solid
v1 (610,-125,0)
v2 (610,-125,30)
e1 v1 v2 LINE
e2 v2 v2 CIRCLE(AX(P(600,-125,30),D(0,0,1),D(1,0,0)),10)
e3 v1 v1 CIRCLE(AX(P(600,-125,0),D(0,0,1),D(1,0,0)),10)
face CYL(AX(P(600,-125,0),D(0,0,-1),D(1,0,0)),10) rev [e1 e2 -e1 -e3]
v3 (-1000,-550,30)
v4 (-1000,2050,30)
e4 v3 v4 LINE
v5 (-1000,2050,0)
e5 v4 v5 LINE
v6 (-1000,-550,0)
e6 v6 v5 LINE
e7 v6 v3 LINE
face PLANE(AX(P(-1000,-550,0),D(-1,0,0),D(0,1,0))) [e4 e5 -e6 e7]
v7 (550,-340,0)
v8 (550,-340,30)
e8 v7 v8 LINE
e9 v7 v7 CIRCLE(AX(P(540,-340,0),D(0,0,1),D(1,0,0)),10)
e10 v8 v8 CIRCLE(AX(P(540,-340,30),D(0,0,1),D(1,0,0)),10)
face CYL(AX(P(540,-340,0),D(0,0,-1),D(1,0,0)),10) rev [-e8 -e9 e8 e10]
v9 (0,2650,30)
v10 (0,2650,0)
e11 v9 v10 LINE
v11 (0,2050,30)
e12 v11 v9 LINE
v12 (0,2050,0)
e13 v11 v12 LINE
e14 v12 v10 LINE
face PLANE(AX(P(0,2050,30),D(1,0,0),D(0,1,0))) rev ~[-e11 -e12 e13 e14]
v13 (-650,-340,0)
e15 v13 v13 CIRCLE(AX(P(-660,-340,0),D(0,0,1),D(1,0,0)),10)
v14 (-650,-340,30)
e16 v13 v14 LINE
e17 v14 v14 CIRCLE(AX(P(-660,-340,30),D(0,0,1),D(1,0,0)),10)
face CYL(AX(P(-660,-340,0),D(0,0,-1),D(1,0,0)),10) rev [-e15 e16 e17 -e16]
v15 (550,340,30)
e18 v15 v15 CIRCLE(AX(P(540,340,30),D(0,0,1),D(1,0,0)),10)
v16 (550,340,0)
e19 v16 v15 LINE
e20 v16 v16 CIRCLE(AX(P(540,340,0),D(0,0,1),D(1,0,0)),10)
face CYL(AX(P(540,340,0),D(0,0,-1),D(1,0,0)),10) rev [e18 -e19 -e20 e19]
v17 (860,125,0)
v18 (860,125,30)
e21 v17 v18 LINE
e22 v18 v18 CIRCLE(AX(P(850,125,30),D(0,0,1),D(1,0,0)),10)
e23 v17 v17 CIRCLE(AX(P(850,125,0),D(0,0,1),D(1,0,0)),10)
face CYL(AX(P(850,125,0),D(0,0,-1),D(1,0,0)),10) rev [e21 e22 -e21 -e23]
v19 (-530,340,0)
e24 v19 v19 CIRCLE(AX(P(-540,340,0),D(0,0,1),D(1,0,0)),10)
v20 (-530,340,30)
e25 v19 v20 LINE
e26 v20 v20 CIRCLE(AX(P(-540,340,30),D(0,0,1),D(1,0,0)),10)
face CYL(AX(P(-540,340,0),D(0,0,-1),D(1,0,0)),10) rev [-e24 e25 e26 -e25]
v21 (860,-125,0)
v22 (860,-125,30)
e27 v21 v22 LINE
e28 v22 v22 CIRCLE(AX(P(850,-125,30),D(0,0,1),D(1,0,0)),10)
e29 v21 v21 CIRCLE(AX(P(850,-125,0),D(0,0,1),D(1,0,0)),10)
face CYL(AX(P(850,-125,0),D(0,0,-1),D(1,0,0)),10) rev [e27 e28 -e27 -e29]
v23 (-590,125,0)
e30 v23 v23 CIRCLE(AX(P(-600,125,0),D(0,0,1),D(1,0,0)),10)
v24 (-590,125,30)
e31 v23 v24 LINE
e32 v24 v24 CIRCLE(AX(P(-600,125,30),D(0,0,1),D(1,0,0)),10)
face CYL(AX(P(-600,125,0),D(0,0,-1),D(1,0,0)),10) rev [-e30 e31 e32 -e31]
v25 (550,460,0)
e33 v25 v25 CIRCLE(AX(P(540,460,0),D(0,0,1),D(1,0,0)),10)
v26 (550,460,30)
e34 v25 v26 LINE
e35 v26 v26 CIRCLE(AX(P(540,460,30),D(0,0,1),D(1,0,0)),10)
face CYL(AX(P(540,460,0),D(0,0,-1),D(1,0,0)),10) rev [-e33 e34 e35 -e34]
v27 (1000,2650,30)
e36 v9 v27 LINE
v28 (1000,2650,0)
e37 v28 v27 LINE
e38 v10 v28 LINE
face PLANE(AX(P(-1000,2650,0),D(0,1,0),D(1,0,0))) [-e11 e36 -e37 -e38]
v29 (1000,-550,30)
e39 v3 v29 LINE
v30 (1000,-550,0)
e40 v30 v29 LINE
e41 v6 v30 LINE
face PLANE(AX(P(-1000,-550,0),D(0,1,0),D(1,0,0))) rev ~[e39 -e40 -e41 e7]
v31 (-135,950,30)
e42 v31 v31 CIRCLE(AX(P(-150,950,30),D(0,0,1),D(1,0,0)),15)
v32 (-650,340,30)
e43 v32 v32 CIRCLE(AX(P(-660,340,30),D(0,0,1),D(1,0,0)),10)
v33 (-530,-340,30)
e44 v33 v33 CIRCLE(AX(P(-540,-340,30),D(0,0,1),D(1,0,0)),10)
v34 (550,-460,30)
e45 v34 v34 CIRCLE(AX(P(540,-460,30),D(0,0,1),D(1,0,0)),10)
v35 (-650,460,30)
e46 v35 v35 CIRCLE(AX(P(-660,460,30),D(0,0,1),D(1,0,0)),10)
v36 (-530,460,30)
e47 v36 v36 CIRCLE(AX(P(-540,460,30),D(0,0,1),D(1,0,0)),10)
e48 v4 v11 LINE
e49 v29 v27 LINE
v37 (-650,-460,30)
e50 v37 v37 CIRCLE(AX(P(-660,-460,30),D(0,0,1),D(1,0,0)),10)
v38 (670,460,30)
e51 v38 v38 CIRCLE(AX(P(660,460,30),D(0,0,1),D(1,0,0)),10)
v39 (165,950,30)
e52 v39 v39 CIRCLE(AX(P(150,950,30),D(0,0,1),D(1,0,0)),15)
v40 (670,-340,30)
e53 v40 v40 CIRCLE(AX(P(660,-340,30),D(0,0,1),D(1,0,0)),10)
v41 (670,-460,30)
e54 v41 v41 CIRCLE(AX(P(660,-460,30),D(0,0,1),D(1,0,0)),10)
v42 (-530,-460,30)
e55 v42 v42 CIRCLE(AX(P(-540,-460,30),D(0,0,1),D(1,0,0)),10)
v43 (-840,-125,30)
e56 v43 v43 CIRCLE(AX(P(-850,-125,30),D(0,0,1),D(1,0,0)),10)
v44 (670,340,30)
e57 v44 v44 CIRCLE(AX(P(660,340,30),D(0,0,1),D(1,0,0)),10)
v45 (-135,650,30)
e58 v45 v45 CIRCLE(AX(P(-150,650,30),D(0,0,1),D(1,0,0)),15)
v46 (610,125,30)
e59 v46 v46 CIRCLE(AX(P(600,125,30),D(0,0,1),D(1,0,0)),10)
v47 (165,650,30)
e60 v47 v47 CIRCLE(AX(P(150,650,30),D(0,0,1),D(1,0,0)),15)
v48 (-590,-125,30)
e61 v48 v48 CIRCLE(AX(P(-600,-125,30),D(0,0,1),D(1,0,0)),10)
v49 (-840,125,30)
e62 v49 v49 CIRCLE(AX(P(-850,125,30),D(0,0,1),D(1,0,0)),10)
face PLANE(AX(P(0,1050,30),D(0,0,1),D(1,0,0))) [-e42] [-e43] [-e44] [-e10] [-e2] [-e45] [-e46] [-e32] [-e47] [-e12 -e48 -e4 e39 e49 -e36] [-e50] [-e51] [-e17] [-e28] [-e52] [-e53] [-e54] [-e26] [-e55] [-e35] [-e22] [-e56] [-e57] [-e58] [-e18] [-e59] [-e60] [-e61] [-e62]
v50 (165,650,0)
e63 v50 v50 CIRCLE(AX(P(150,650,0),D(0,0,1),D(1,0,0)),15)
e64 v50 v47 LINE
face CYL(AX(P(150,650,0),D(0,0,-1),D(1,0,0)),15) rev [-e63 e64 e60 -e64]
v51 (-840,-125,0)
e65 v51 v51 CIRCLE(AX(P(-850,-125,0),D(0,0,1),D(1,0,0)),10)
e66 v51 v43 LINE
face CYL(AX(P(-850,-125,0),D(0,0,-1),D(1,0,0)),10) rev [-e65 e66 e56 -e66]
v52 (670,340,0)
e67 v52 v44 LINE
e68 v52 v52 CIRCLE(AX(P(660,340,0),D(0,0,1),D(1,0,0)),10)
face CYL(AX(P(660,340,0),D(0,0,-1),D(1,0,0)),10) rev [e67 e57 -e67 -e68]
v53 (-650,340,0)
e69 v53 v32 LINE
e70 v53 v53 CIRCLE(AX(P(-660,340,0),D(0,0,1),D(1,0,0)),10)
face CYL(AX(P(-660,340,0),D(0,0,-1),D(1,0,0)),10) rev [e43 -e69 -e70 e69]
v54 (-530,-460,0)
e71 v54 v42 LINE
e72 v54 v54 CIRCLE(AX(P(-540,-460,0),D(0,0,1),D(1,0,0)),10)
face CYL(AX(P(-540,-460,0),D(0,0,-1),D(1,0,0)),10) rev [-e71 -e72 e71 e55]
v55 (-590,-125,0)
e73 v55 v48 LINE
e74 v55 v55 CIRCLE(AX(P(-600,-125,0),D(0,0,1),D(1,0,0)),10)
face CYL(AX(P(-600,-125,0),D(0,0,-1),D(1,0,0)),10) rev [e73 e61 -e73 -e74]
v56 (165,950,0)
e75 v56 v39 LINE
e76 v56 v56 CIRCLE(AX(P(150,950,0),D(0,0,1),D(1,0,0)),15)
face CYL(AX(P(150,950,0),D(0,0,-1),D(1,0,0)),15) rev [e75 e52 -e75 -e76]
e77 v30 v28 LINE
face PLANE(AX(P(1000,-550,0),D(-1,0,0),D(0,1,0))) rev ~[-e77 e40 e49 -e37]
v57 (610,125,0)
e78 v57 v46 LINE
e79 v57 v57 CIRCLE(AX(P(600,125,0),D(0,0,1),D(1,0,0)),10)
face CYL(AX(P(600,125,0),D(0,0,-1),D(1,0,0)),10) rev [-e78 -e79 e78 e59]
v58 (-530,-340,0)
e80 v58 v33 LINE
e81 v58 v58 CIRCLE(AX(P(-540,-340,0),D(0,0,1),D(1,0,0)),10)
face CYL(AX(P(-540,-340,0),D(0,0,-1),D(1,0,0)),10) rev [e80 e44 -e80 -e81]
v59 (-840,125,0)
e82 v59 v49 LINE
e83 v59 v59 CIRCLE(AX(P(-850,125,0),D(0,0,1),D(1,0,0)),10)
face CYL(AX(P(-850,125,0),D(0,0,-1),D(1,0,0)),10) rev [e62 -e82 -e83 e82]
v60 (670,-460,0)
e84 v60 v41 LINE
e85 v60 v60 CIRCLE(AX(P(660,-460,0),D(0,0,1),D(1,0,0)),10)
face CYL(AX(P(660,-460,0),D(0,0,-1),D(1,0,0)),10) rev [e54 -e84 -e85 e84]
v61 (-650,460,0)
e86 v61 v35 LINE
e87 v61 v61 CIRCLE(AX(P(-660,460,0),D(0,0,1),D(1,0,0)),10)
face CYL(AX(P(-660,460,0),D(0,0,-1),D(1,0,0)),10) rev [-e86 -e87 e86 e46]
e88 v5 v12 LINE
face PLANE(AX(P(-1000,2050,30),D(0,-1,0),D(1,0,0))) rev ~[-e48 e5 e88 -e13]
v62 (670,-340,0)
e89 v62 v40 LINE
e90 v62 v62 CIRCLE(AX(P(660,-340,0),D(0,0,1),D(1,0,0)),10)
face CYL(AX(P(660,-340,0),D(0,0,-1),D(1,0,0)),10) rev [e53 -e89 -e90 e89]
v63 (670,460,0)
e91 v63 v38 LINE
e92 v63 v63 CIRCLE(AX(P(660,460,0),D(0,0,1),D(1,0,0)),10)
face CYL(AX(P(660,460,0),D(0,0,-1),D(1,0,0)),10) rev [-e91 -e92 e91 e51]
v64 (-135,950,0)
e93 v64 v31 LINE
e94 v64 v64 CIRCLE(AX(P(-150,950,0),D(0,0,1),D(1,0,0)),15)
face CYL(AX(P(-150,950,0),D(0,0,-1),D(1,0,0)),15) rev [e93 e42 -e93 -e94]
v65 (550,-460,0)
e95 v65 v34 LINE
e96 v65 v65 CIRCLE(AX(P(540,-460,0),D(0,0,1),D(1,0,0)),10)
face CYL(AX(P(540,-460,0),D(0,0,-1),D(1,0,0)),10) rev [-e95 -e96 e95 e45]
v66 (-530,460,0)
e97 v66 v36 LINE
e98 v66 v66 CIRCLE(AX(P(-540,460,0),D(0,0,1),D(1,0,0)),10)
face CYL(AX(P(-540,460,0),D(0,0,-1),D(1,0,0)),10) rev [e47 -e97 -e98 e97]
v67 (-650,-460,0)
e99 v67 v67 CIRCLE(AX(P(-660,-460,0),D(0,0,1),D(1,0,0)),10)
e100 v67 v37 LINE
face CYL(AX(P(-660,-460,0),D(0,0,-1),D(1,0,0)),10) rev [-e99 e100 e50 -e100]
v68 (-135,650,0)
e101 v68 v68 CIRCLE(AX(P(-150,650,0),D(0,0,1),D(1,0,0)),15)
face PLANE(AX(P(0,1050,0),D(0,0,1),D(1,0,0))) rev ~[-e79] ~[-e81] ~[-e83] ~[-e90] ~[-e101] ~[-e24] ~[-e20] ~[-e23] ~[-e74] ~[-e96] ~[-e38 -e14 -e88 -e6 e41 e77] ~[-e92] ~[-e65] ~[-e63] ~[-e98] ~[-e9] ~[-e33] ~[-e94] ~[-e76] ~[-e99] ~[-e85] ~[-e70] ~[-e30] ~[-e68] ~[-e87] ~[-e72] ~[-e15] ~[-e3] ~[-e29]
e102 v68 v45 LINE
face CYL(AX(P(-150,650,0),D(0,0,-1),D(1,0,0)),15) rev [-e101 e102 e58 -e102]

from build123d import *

# Parameters (mm, degrees)
F0_W     = 2000
F0_H     = 3200
F0_R     = 10
F0_R_2   = 15
F1_DEPTH = 30
F2_W     = 1000
F2_H     = 600
F3_DEPTH = 30


with BuildPart() as f1:
    # F0 (on Top) → F1 (new body)
    with BuildSketch(Plane.XY):
        with Locations((0, 1050)):
            Rectangle(F0_W, F0_H)
        with Locations((-660, -460)):
            Circle(F0_R, mode=Mode.SUBTRACT)
        with Locations((-540, -460)):
            Circle(F0_R, mode=Mode.SUBTRACT)
        with Locations((-660, -340)):
            Circle(F0_R, mode=Mode.SUBTRACT)
        with Locations((-540, -340)):
            Circle(F0_R, mode=Mode.SUBTRACT)
        with Locations((-850, -125)):
            Circle(F0_R, mode=Mode.SUBTRACT)
        with Locations((-850, 125)):
            Circle(F0_R, mode=Mode.SUBTRACT)
        with Locations((-600, -125)):
            Circle(F0_R, mode=Mode.SUBTRACT)
        with Locations((-600, 125)):
            Circle(F0_R, mode=Mode.SUBTRACT)
        with Locations((-660, 340)):
            Circle(F0_R, mode=Mode.SUBTRACT)
        with Locations((-540, 340)):
            Circle(F0_R, mode=Mode.SUBTRACT)
        with Locations((-660, 460)):
            Circle(F0_R, mode=Mode.SUBTRACT)
        with Locations((-540, 460)):
            Circle(F0_R, mode=Mode.SUBTRACT)
        with Locations((-150, 650)):
            Circle(F0_R_2, mode=Mode.SUBTRACT)
        with Locations((-150, 950)):
            Circle(F0_R_2, mode=Mode.SUBTRACT)
        with Locations((540, -460)):
            Circle(F0_R, mode=Mode.SUBTRACT)
        with Locations((660, -460)):
            Circle(F0_R, mode=Mode.SUBTRACT)
        with Locations((540, -340)):
            Circle(F0_R, mode=Mode.SUBTRACT)
        with Locations((660, -340)):
            Circle(F0_R, mode=Mode.SUBTRACT)
        with Locations((600, -125)):
            Circle(F0_R, mode=Mode.SUBTRACT)
        with Locations((600, 125)):
            Circle(F0_R, mode=Mode.SUBTRACT)
        with Locations((850, -125)):
            Circle(F0_R, mode=Mode.SUBTRACT)
        with Locations((850, 125)):
            Circle(F0_R, mode=Mode.SUBTRACT)
        with Locations((150, 650)):
            Circle(F0_R_2, mode=Mode.SUBTRACT)
        with Locations((150, 950)):
            Circle(F0_R_2, mode=Mode.SUBTRACT)
        with Locations((540, 340)):
            Circle(F0_R, mode=Mode.SUBTRACT)
        with Locations((660, 340)):
            Circle(F0_R, mode=Mode.SUBTRACT)
        with Locations((540, 460)):
            Circle(F0_R, mode=Mode.SUBTRACT)
        with Locations((660, 460)):
            Circle(F0_R, mode=Mode.SUBTRACT)
    extrude(amount=F1_DEPTH)

    # F2 (on face) → F3 (cut)
    with BuildSketch(Plane.XY.offset(30)):
        with Locations((-500, 2350)):
            Rectangle(F2_W, F2_H)
    extrude(amount=-F3_DEPTH, mode=Mode.SUBTRACT)


solid = f1.part
